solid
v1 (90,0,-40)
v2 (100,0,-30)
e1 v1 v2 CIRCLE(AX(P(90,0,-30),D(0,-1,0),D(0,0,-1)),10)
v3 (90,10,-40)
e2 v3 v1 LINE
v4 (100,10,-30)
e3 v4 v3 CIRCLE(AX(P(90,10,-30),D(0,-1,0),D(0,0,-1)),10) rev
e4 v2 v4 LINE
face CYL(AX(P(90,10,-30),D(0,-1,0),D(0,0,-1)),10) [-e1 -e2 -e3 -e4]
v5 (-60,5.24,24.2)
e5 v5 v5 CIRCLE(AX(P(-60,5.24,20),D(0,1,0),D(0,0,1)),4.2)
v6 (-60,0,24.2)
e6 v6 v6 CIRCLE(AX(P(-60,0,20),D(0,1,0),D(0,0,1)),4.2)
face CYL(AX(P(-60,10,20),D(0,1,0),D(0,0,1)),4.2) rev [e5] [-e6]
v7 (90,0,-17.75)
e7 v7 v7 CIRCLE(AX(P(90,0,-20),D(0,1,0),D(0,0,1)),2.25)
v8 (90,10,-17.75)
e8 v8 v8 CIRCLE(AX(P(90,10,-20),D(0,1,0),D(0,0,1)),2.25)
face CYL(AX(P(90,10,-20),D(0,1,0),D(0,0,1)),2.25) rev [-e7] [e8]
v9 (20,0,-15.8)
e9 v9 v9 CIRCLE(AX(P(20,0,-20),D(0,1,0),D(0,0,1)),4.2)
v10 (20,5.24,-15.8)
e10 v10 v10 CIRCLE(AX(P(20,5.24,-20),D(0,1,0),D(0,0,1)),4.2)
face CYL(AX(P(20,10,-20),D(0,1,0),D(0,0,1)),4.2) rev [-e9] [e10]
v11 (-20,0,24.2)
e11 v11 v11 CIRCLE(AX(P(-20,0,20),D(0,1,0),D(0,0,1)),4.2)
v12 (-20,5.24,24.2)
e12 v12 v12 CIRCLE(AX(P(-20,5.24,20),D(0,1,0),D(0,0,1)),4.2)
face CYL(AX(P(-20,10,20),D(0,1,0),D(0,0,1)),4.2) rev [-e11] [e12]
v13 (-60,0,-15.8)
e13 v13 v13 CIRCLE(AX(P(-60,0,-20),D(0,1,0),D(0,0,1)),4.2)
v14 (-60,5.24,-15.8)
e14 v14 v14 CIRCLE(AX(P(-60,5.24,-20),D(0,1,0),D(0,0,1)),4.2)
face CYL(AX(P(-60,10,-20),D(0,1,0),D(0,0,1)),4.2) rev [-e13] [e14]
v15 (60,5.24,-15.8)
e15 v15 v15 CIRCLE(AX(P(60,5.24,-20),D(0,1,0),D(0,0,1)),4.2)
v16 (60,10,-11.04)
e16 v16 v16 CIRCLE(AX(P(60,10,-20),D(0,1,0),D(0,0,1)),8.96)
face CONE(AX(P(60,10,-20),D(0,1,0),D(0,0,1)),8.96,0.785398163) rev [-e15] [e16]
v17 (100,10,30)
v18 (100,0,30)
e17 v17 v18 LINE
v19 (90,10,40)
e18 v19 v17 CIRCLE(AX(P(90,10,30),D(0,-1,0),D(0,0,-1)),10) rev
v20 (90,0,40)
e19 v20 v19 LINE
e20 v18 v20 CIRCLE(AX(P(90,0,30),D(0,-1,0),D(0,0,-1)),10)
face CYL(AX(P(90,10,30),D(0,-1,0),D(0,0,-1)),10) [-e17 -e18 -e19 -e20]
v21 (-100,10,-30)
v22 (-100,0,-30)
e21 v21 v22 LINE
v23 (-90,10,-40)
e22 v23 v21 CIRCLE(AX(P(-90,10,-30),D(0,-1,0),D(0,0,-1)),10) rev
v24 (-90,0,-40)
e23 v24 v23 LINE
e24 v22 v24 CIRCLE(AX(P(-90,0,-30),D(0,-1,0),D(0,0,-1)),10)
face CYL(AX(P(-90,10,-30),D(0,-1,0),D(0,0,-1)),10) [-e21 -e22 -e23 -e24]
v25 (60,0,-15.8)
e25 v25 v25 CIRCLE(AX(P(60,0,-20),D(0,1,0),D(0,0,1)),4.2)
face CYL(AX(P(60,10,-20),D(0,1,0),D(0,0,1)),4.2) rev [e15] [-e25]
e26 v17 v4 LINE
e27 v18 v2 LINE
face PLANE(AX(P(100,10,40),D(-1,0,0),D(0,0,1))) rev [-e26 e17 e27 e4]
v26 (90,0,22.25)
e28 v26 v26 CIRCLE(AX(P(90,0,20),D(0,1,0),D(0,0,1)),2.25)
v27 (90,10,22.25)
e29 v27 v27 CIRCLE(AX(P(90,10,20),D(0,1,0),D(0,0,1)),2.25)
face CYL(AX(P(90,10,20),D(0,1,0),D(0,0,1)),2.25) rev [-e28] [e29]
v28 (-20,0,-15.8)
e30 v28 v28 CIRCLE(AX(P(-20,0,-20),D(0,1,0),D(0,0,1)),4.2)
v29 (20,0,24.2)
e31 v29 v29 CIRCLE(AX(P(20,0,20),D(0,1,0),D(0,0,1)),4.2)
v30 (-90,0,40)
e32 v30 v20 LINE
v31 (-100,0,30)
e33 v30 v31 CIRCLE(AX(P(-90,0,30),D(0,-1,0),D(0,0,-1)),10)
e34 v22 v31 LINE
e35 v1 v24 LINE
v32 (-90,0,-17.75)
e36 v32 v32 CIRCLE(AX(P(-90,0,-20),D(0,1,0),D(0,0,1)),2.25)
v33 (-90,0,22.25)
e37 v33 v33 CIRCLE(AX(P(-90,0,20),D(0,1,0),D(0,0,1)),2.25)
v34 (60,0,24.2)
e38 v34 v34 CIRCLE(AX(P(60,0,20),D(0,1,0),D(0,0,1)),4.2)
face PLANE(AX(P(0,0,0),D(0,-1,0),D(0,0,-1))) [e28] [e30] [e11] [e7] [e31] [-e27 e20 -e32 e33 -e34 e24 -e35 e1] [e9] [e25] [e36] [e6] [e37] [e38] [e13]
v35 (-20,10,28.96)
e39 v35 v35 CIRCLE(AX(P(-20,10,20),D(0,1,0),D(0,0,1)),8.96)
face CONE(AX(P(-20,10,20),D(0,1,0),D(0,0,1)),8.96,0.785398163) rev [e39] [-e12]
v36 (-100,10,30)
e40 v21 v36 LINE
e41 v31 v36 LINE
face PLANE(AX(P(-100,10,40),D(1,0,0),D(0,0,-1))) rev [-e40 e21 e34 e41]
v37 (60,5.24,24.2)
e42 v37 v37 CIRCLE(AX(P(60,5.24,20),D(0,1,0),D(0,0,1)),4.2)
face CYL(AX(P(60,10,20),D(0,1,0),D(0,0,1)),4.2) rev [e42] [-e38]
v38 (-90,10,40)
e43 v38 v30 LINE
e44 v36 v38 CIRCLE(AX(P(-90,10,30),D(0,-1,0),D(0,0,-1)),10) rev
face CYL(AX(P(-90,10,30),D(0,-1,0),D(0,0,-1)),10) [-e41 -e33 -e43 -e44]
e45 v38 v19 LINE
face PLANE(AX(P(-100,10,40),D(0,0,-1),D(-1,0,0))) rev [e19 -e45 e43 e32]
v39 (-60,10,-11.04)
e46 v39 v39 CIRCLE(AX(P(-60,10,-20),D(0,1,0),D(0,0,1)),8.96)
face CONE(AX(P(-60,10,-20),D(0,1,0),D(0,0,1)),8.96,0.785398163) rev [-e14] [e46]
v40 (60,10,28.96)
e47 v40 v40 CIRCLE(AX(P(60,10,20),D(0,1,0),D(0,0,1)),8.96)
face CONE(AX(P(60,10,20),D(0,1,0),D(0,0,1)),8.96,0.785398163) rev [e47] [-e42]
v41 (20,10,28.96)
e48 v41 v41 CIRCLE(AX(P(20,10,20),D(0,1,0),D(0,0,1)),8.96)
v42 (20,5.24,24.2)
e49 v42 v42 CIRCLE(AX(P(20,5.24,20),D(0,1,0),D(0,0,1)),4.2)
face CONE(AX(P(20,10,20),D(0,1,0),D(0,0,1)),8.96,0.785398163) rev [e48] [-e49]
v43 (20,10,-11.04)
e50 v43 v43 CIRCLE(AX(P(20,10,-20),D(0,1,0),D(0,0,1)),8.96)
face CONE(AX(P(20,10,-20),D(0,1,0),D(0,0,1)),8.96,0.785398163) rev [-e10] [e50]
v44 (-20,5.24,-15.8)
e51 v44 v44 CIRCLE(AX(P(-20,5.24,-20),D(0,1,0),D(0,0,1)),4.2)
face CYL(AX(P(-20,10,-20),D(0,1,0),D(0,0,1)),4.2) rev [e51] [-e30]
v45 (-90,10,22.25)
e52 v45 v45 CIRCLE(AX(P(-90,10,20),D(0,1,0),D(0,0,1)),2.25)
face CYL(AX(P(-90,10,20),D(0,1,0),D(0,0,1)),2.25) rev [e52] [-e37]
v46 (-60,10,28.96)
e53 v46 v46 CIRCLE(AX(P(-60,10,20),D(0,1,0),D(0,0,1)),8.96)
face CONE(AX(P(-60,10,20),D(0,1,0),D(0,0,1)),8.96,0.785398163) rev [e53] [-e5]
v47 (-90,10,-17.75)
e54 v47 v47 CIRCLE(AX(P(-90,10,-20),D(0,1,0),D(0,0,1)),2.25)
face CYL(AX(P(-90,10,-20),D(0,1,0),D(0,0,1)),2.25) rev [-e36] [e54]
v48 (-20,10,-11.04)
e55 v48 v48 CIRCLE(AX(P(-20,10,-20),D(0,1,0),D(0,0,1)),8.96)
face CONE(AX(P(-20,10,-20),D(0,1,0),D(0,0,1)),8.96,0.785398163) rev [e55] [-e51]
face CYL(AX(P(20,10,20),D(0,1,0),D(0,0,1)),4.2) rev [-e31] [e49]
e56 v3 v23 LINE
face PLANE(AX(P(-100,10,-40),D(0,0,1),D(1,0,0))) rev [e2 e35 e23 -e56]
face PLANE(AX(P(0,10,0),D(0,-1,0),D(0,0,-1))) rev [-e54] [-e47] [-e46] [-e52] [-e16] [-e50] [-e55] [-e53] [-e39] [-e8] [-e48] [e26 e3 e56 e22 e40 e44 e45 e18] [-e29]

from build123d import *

# Parameters (mm, degrees)
SKETCH1_W                     = 200
SKETCH1_H                     = 80
BOSS_EXTRUDE1_DEPTH           = 10
CSK_FOR_M8_SFHCS1_D           = 8.4
CSK_FOR_M8_SFHCS1_CSINK_D     = 17.92
CSK_FOR_M8_SFHCS1_CSINK_ANGLE = 90
M4_CLEARANCE_HOLE1_D          = 4.5
FILLET1_R                     = 10


with BuildPart() as part:
    # Sketch1 → Boss-Extrude1 (new body)
    with BuildSketch(Plane(origin=(0, 0, 0), x_dir=(1, 0, 0), z_dir=(0, 1, 0))):
        Rectangle(SKETCH1_W, SKETCH1_H)
    extrude(amount=BOSS_EXTRUDE1_DEPTH)

    # CSK for M8 SFHCS1 (through all)
    with Locations(Plane(origin=(0, 10, 0), x_dir=(1, 0, 0), z_dir=(0, 1, 0))):
        with Locations((-20, 20), (20, -20), (60, -20), (-20, -20), (-60, -20), (60, 20), (20, 20), (-60, 20)):
            CounterSinkHole(CSK_FOR_M8_SFHCS1_D / 2, CSK_FOR_M8_SFHCS1_CSINK_D / 2, counter_sink_angle=CSK_FOR_M8_SFHCS1_CSINK_ANGLE)

    # M4 Clearance Hole1 (through all)
    with Locations(Plane(origin=(0, 10, 0), x_dir=(1, 0, 0), z_dir=(0, 1, 0))):
        with Locations((-90, 20), (90, 20), (90, -20), (-90, -20)):
            Hole(M4_CLEARANCE_HOLE1_D / 2)

    # Fillet1
    fillet1_edges = [part.edges().sort_by_distance(p)[0] for p in [
        (100, 5, 40),
        (-100, 5, 40),
        (-100, 5, -40),
        (100, 5, -40),
    ]]
    fillet(fillet1_edges, radius=FILLET1_R)


solid = part.part
